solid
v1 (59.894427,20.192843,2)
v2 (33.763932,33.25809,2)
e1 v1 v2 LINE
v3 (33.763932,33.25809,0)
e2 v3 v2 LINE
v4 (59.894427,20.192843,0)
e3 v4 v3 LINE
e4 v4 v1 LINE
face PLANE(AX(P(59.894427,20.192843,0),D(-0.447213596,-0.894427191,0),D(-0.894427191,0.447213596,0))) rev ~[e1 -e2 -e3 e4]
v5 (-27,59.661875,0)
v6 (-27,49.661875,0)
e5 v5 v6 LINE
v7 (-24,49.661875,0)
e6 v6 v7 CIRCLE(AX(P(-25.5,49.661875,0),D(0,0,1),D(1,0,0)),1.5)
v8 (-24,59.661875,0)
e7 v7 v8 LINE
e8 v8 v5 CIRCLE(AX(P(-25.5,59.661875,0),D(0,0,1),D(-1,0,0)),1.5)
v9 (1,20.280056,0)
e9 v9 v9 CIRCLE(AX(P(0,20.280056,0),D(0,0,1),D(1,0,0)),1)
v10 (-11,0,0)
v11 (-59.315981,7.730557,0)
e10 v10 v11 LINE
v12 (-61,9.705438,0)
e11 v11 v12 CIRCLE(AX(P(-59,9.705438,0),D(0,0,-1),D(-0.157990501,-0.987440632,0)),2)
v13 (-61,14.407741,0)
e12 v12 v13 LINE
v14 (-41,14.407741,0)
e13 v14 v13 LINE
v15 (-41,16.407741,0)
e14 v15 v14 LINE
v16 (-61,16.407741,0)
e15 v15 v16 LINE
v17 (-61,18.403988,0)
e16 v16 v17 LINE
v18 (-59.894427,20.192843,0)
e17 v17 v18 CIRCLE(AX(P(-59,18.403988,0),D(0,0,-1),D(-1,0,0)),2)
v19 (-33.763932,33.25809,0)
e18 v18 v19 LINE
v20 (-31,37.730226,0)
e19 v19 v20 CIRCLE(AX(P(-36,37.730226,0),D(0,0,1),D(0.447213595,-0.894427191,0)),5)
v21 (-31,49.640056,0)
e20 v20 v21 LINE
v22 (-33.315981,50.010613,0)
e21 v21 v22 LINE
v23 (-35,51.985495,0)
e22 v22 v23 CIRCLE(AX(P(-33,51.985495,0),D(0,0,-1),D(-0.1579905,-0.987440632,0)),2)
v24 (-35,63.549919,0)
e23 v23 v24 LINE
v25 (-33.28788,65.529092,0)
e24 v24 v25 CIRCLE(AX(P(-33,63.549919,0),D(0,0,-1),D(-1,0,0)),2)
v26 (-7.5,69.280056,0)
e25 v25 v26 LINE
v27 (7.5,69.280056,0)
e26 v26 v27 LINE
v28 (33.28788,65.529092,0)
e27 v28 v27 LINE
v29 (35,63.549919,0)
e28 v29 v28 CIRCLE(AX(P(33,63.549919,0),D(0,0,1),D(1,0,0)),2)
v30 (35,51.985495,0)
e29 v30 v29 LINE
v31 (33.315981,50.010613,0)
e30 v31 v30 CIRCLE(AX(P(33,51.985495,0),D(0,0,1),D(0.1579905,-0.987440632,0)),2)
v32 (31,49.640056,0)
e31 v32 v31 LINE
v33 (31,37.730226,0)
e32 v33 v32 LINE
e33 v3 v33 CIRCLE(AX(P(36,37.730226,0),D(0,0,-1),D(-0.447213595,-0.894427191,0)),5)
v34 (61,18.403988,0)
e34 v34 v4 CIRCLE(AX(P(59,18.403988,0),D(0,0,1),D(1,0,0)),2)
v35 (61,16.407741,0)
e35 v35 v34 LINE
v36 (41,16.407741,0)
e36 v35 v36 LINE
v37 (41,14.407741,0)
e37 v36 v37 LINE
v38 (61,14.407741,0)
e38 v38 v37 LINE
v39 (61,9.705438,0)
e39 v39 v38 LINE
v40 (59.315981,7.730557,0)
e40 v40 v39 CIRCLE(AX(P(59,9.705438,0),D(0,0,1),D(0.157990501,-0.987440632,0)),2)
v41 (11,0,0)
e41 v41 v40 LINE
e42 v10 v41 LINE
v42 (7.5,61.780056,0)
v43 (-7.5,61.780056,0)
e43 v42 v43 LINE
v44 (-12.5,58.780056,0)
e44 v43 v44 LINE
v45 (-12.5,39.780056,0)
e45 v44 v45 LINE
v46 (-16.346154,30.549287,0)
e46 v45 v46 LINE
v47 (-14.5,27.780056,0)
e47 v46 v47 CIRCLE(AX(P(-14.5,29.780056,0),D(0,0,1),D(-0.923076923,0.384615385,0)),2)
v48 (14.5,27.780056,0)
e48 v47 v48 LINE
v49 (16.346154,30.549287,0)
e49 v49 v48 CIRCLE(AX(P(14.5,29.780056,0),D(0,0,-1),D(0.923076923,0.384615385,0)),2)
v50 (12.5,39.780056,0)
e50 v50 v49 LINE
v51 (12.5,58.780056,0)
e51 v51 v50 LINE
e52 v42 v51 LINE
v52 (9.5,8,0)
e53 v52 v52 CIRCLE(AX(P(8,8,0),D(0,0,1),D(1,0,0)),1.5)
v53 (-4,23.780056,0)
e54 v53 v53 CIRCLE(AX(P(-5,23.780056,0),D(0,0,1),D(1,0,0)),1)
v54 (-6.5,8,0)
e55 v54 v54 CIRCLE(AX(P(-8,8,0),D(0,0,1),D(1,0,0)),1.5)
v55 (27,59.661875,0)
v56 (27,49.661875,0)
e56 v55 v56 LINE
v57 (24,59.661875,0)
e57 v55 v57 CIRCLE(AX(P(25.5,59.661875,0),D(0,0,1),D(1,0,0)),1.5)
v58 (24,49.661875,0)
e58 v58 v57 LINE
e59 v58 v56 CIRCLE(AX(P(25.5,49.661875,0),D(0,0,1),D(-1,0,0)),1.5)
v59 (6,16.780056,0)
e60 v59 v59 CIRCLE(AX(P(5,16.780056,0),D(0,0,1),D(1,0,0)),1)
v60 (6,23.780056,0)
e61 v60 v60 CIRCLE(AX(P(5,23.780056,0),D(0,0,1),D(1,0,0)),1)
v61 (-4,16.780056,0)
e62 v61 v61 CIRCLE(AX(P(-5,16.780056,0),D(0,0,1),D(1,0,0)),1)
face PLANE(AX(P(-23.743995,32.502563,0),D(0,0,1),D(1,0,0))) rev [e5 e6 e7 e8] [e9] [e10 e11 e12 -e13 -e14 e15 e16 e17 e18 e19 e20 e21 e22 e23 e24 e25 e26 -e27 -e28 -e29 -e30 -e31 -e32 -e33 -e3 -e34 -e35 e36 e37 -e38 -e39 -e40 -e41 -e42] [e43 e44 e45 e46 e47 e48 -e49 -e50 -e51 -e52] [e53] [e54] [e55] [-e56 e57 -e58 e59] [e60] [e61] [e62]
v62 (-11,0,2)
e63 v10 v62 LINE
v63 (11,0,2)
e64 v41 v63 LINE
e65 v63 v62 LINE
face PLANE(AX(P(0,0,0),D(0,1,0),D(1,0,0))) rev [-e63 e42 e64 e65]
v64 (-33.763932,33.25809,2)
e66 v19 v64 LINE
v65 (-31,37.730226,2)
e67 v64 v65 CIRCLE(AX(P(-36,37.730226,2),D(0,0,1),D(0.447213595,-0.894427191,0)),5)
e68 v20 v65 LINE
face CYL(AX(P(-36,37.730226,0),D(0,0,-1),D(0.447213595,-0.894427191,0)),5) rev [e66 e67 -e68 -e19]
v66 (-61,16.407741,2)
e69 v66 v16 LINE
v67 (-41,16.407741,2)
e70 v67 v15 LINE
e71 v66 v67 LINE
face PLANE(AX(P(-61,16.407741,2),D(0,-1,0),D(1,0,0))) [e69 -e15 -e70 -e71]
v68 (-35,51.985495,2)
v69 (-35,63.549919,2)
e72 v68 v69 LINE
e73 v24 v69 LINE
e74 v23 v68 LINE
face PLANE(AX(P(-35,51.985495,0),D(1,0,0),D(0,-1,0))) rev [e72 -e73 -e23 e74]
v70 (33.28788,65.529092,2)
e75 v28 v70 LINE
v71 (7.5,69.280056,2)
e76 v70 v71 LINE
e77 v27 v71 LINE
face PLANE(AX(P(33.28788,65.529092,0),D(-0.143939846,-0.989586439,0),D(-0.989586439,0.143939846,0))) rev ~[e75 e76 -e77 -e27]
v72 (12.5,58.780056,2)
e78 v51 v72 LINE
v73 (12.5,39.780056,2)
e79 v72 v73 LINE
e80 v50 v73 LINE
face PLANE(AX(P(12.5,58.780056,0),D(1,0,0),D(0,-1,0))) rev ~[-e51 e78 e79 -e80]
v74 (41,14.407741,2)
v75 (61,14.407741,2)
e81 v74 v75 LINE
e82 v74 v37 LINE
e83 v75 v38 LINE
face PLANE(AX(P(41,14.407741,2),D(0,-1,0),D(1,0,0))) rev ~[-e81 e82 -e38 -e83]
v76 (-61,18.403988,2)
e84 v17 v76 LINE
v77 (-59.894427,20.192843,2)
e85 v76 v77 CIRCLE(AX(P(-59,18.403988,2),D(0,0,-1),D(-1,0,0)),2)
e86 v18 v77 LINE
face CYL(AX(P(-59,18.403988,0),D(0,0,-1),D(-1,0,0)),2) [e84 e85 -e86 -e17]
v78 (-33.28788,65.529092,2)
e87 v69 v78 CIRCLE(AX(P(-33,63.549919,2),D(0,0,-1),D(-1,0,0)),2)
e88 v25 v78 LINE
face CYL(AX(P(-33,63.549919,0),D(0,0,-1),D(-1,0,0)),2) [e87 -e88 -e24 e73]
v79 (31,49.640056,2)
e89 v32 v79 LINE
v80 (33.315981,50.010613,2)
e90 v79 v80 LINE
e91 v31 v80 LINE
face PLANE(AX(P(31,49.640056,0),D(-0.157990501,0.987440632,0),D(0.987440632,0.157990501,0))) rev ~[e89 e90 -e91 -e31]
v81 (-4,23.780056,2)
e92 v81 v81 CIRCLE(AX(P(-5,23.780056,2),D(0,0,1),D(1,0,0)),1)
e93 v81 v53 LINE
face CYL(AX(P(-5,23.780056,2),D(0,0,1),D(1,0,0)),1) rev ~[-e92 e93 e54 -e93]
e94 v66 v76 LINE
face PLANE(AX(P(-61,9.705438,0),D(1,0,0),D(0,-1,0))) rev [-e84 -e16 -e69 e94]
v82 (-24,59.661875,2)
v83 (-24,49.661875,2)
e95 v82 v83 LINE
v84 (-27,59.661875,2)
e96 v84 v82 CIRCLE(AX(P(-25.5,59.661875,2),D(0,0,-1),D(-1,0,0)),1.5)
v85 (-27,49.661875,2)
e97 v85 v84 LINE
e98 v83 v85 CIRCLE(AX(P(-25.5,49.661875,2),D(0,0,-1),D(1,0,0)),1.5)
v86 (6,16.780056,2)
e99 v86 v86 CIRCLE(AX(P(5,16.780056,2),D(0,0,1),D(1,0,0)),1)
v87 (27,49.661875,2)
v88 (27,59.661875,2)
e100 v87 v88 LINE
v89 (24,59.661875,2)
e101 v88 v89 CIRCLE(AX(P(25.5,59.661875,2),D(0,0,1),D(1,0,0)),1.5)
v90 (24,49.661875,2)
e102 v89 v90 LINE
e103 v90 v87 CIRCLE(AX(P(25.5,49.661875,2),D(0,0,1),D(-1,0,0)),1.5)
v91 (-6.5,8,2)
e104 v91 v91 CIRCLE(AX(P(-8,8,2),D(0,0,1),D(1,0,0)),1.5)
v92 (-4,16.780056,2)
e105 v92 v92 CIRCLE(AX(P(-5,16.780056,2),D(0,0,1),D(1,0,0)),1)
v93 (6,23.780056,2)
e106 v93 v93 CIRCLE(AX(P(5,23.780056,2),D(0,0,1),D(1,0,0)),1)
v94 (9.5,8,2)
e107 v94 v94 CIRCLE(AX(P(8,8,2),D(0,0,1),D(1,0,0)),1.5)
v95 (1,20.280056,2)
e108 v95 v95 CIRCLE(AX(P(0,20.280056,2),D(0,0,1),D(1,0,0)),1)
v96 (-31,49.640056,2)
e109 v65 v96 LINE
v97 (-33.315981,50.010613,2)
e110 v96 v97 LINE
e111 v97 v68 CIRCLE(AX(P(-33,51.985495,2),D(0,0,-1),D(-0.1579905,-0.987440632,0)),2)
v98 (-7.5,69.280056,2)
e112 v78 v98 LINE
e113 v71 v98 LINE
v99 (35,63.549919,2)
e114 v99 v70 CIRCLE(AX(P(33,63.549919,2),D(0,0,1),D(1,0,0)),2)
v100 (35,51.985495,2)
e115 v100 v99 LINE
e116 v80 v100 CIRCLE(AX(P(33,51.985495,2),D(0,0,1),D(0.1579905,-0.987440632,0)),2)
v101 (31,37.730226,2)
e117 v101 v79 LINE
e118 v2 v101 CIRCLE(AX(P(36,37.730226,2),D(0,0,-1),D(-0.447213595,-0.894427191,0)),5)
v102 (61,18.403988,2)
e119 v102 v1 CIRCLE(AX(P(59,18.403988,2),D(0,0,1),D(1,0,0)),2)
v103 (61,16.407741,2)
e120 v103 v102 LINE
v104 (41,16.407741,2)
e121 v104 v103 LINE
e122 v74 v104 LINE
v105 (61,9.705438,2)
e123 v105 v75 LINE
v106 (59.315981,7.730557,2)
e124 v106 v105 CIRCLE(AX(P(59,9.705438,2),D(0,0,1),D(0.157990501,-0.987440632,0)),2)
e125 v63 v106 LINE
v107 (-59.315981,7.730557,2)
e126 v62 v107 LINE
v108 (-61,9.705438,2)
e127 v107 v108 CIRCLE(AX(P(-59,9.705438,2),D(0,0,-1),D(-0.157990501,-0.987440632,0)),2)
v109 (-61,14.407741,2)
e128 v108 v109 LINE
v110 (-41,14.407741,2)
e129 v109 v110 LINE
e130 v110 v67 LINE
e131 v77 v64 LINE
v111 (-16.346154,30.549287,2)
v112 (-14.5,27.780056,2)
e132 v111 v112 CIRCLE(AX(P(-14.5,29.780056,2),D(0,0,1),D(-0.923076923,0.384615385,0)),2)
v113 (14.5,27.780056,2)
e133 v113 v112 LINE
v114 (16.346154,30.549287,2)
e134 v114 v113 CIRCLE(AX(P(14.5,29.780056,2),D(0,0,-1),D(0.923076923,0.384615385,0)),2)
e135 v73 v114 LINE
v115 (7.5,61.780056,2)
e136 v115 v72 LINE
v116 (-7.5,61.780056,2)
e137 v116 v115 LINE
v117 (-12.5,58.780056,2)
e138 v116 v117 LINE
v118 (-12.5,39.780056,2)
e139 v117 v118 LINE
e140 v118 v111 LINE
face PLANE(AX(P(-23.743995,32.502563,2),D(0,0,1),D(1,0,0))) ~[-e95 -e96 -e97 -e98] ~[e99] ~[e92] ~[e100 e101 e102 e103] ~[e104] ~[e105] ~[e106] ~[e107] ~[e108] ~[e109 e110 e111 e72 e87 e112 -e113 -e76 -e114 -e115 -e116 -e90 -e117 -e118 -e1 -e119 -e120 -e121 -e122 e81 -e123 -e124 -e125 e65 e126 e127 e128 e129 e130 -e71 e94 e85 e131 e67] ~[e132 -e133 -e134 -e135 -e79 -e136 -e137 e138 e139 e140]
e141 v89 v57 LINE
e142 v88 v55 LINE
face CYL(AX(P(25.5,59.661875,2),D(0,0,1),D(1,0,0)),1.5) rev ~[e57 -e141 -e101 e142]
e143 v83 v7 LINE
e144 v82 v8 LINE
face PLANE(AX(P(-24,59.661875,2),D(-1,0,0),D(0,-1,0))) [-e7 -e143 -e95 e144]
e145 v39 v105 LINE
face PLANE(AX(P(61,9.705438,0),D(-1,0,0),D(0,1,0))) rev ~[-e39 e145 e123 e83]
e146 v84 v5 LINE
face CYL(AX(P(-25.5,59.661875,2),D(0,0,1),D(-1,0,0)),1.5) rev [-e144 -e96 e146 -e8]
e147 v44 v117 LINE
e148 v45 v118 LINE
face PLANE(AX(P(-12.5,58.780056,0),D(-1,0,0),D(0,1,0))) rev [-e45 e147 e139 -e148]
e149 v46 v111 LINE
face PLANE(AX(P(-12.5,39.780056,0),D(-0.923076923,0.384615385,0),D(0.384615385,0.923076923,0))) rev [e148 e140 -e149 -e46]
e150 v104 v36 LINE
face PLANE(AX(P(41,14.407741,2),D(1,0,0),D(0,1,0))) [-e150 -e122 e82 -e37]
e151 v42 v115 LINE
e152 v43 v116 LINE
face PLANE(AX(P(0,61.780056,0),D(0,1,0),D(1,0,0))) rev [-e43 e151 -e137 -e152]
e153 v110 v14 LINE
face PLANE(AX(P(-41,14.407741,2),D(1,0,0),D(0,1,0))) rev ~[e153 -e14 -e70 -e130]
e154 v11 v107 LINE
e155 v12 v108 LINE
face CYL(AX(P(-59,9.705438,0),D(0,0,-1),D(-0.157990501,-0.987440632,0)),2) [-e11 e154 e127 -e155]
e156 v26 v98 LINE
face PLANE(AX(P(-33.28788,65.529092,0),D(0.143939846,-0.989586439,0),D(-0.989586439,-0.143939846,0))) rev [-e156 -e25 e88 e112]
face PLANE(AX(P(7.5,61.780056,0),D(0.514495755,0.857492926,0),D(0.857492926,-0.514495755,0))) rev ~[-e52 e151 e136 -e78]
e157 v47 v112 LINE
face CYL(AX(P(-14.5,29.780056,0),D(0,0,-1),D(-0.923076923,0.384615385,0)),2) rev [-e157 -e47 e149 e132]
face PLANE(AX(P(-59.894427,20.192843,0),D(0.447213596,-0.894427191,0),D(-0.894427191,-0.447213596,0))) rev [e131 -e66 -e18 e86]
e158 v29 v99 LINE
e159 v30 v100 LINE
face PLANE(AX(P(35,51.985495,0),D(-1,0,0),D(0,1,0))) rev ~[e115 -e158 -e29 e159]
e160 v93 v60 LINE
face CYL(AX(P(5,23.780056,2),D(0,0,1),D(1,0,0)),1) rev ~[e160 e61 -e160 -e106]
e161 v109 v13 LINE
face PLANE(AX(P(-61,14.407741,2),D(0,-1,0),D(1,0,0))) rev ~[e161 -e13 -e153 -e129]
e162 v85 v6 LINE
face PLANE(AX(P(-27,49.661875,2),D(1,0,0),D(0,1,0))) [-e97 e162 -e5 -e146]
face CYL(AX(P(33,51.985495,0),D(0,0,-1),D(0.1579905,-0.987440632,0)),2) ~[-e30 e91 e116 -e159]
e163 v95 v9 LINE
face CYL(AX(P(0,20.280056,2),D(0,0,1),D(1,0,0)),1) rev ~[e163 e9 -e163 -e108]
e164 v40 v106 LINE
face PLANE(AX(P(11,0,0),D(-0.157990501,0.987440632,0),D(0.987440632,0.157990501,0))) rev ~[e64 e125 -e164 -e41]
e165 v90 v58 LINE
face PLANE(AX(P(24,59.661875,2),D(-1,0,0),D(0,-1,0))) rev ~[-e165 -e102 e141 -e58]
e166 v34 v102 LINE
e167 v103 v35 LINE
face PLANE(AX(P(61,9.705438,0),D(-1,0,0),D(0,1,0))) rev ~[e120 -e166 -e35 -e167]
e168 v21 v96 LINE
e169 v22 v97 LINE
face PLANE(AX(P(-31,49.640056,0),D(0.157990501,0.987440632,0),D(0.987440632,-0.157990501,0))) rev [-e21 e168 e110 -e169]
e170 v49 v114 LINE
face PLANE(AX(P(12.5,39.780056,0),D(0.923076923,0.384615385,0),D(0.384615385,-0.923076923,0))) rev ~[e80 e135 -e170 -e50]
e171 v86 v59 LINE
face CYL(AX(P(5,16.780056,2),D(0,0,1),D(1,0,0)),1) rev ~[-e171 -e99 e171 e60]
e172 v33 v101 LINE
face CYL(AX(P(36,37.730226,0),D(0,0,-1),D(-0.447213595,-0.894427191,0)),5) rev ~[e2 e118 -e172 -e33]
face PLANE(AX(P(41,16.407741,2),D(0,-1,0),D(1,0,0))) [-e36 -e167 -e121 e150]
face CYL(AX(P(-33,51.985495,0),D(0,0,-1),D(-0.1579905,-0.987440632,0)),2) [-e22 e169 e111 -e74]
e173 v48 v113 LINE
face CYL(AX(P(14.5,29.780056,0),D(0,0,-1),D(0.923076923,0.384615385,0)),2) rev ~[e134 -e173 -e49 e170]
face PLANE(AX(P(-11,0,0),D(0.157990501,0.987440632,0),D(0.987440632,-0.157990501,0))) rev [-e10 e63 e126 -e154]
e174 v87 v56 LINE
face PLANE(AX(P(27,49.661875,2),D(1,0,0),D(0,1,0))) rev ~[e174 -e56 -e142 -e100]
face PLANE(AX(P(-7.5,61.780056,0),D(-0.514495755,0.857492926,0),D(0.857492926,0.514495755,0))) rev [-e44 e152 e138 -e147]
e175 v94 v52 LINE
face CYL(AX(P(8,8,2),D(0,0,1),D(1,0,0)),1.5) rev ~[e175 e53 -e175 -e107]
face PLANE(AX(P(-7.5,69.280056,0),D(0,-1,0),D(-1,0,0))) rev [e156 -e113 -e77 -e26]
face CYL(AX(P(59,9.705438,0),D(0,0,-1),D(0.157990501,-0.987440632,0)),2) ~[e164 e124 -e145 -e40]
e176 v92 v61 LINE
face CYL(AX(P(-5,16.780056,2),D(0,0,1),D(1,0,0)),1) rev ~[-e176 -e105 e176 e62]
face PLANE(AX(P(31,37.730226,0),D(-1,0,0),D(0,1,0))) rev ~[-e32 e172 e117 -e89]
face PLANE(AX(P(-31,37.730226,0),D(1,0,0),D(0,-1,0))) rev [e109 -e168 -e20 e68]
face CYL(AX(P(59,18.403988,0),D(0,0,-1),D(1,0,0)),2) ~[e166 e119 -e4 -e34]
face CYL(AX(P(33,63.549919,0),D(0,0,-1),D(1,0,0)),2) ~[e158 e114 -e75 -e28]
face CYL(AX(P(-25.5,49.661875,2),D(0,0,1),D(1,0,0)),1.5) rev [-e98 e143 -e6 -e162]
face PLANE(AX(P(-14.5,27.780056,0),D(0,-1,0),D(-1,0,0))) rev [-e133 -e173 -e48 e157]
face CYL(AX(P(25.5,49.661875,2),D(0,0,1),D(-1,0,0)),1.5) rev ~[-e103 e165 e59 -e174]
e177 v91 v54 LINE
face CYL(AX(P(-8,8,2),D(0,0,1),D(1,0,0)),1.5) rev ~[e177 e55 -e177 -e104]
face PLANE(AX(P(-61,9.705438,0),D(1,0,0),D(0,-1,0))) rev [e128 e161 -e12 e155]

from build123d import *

# Parameters (mm, degrees)
RESSALTO_EXTRUS_O1_DEPTH = 2
ESBO_O2_R                = 1
ESBO_O2_R_2              = 1.5
ESBO_O2_W                = 20
ESBO_O2_H                = 2
CORTE_EXTRUS_O1_DEPTH    = 3


with BuildPart() as part:
    # Esboço1 → Ressalto-extrusão1 (new body)
    with BuildSketch(Plane.XY):
        with BuildLine():
            Line((0, 0), (11, 0))
            Line((11, 0), (59.315981002, 7.73055696))
            ThreePointArc((59.315981002, 7.73055696), (60.521834749, 8.407740649), (61, 9.705438224))
            Line((61, 9.705438224), (61, 18.403988486))
            ThreePointArc((61, 18.403988486), (60.701301617, 19.45545071), (59.894427191, 20.192842868))
            Line((59.894427191, 20.192842868), (33.763932023, 33.258090452))
            ThreePointArc((33.763932023, 33.258090452), (31.746745958, 35.101570847), (31, 37.730226407))
            Line((31, 37.730226407), (31, 49.640056464))
            Line((31, 49.640056464), (33.315981002, 50.010613424))
            ThreePointArc((33.315981002, 50.010613424), (34.521834749, 50.687797112), (35, 51.985494688))
            Line((35, 51.985494688), (35, 63.549919266))
            ThreePointArc((35, 63.549919266), (34.512573863, 64.858399418), (33.287879691, 65.529092145))
            Line((33.287879691, 65.529092145), (7.5, 69.280056464))
            Line((7.5, 69.280056464), (0, 69.280056464))
            Line((0, 69.280056464), (0, 61.780056464))
            Line((0, 61.780056464), (7.5, 61.780056464))
            Line((7.5, 61.780056464), (12.5, 58.780056464))
            Line((12.5, 58.780056464), (12.5, 39.780056464))
            Line((12.5, 39.780056464), (16.346153846, 30.549287233))
            ThreePointArc((16.346153846, 30.549287233), (16.164100589, 28.670656071), (14.5, 27.780056464))
            Line((14.5, 27.780056464), (0, 27.780056464))
            Line((0, 27.780056464), (0, 0))
        make_face()
    ressalto_extrus_o1 = extrude(amount=RESSALTO_EXTRUS_O1_DEPTH)

    # Espelhar1: Ressalto-extrusão1 across plane
    add(ressalto_extrus_o1.mirror(Plane(origin=(0, 0, 0), x_dir=(0, 0, 1), z_dir=(1, 0, 0))))

    # Esboço2 → Corte-extrusão1 (cut, through all)
    with BuildSketch(Plane.XY.offset(2)):
        with Locations((-5, 23.780056464)):
            Circle(ESBO_O2_R)
        with Locations((5, 23.780056464)):
            Circle(ESBO_O2_R)
        with Locations((5, 16.780056464)):
            Circle(ESBO_O2_R)
        with Locations((-5, 16.780056464)):
            Circle(ESBO_O2_R)
        with Locations((0, 20.280056464)):
            Circle(ESBO_O2_R)
        with Locations((-8, 8)):
            Circle(ESBO_O2_R_2)
        with Locations((8, 8)):
            Circle(ESBO_O2_R_2)
        with BuildLine():
            Line((-24, 59.661874645), (-24, 49.661874645))
            ThreePointArc((-24, 49.661874645), (-25.5, 48.161874645), (-27, 49.661874645))
            Line((-27, 49.661874645), (-27, 59.661874645))
            ThreePointArc((-27, 59.661874645), (-25.5, 61.161874645), (-24, 59.661874645))
        make_face()
        with BuildLine():
            Line((24, 59.661874645), (24, 49.661874645))
            ThreePointArc((24, 49.661874645), (25.5, 48.161874645), (27, 49.661874645))
            Line((27, 49.661874645), (27, 59.661874645))
            ThreePointArc((27, 59.661874645), (25.5, 61.161874645), (24, 59.661874645))
        make_face()
        with Locations((-51, 15.407740649)):
            Rectangle(ESBO_O2_W, ESBO_O2_H)
        with Locations((51, 15.407740649)):
            Rectangle(ESBO_O2_W, ESBO_O2_H)
    extrude(amount=-CORTE_EXTRUS_O1_DEPTH, mode=Mode.SUBTRACT)


solid = part.part
